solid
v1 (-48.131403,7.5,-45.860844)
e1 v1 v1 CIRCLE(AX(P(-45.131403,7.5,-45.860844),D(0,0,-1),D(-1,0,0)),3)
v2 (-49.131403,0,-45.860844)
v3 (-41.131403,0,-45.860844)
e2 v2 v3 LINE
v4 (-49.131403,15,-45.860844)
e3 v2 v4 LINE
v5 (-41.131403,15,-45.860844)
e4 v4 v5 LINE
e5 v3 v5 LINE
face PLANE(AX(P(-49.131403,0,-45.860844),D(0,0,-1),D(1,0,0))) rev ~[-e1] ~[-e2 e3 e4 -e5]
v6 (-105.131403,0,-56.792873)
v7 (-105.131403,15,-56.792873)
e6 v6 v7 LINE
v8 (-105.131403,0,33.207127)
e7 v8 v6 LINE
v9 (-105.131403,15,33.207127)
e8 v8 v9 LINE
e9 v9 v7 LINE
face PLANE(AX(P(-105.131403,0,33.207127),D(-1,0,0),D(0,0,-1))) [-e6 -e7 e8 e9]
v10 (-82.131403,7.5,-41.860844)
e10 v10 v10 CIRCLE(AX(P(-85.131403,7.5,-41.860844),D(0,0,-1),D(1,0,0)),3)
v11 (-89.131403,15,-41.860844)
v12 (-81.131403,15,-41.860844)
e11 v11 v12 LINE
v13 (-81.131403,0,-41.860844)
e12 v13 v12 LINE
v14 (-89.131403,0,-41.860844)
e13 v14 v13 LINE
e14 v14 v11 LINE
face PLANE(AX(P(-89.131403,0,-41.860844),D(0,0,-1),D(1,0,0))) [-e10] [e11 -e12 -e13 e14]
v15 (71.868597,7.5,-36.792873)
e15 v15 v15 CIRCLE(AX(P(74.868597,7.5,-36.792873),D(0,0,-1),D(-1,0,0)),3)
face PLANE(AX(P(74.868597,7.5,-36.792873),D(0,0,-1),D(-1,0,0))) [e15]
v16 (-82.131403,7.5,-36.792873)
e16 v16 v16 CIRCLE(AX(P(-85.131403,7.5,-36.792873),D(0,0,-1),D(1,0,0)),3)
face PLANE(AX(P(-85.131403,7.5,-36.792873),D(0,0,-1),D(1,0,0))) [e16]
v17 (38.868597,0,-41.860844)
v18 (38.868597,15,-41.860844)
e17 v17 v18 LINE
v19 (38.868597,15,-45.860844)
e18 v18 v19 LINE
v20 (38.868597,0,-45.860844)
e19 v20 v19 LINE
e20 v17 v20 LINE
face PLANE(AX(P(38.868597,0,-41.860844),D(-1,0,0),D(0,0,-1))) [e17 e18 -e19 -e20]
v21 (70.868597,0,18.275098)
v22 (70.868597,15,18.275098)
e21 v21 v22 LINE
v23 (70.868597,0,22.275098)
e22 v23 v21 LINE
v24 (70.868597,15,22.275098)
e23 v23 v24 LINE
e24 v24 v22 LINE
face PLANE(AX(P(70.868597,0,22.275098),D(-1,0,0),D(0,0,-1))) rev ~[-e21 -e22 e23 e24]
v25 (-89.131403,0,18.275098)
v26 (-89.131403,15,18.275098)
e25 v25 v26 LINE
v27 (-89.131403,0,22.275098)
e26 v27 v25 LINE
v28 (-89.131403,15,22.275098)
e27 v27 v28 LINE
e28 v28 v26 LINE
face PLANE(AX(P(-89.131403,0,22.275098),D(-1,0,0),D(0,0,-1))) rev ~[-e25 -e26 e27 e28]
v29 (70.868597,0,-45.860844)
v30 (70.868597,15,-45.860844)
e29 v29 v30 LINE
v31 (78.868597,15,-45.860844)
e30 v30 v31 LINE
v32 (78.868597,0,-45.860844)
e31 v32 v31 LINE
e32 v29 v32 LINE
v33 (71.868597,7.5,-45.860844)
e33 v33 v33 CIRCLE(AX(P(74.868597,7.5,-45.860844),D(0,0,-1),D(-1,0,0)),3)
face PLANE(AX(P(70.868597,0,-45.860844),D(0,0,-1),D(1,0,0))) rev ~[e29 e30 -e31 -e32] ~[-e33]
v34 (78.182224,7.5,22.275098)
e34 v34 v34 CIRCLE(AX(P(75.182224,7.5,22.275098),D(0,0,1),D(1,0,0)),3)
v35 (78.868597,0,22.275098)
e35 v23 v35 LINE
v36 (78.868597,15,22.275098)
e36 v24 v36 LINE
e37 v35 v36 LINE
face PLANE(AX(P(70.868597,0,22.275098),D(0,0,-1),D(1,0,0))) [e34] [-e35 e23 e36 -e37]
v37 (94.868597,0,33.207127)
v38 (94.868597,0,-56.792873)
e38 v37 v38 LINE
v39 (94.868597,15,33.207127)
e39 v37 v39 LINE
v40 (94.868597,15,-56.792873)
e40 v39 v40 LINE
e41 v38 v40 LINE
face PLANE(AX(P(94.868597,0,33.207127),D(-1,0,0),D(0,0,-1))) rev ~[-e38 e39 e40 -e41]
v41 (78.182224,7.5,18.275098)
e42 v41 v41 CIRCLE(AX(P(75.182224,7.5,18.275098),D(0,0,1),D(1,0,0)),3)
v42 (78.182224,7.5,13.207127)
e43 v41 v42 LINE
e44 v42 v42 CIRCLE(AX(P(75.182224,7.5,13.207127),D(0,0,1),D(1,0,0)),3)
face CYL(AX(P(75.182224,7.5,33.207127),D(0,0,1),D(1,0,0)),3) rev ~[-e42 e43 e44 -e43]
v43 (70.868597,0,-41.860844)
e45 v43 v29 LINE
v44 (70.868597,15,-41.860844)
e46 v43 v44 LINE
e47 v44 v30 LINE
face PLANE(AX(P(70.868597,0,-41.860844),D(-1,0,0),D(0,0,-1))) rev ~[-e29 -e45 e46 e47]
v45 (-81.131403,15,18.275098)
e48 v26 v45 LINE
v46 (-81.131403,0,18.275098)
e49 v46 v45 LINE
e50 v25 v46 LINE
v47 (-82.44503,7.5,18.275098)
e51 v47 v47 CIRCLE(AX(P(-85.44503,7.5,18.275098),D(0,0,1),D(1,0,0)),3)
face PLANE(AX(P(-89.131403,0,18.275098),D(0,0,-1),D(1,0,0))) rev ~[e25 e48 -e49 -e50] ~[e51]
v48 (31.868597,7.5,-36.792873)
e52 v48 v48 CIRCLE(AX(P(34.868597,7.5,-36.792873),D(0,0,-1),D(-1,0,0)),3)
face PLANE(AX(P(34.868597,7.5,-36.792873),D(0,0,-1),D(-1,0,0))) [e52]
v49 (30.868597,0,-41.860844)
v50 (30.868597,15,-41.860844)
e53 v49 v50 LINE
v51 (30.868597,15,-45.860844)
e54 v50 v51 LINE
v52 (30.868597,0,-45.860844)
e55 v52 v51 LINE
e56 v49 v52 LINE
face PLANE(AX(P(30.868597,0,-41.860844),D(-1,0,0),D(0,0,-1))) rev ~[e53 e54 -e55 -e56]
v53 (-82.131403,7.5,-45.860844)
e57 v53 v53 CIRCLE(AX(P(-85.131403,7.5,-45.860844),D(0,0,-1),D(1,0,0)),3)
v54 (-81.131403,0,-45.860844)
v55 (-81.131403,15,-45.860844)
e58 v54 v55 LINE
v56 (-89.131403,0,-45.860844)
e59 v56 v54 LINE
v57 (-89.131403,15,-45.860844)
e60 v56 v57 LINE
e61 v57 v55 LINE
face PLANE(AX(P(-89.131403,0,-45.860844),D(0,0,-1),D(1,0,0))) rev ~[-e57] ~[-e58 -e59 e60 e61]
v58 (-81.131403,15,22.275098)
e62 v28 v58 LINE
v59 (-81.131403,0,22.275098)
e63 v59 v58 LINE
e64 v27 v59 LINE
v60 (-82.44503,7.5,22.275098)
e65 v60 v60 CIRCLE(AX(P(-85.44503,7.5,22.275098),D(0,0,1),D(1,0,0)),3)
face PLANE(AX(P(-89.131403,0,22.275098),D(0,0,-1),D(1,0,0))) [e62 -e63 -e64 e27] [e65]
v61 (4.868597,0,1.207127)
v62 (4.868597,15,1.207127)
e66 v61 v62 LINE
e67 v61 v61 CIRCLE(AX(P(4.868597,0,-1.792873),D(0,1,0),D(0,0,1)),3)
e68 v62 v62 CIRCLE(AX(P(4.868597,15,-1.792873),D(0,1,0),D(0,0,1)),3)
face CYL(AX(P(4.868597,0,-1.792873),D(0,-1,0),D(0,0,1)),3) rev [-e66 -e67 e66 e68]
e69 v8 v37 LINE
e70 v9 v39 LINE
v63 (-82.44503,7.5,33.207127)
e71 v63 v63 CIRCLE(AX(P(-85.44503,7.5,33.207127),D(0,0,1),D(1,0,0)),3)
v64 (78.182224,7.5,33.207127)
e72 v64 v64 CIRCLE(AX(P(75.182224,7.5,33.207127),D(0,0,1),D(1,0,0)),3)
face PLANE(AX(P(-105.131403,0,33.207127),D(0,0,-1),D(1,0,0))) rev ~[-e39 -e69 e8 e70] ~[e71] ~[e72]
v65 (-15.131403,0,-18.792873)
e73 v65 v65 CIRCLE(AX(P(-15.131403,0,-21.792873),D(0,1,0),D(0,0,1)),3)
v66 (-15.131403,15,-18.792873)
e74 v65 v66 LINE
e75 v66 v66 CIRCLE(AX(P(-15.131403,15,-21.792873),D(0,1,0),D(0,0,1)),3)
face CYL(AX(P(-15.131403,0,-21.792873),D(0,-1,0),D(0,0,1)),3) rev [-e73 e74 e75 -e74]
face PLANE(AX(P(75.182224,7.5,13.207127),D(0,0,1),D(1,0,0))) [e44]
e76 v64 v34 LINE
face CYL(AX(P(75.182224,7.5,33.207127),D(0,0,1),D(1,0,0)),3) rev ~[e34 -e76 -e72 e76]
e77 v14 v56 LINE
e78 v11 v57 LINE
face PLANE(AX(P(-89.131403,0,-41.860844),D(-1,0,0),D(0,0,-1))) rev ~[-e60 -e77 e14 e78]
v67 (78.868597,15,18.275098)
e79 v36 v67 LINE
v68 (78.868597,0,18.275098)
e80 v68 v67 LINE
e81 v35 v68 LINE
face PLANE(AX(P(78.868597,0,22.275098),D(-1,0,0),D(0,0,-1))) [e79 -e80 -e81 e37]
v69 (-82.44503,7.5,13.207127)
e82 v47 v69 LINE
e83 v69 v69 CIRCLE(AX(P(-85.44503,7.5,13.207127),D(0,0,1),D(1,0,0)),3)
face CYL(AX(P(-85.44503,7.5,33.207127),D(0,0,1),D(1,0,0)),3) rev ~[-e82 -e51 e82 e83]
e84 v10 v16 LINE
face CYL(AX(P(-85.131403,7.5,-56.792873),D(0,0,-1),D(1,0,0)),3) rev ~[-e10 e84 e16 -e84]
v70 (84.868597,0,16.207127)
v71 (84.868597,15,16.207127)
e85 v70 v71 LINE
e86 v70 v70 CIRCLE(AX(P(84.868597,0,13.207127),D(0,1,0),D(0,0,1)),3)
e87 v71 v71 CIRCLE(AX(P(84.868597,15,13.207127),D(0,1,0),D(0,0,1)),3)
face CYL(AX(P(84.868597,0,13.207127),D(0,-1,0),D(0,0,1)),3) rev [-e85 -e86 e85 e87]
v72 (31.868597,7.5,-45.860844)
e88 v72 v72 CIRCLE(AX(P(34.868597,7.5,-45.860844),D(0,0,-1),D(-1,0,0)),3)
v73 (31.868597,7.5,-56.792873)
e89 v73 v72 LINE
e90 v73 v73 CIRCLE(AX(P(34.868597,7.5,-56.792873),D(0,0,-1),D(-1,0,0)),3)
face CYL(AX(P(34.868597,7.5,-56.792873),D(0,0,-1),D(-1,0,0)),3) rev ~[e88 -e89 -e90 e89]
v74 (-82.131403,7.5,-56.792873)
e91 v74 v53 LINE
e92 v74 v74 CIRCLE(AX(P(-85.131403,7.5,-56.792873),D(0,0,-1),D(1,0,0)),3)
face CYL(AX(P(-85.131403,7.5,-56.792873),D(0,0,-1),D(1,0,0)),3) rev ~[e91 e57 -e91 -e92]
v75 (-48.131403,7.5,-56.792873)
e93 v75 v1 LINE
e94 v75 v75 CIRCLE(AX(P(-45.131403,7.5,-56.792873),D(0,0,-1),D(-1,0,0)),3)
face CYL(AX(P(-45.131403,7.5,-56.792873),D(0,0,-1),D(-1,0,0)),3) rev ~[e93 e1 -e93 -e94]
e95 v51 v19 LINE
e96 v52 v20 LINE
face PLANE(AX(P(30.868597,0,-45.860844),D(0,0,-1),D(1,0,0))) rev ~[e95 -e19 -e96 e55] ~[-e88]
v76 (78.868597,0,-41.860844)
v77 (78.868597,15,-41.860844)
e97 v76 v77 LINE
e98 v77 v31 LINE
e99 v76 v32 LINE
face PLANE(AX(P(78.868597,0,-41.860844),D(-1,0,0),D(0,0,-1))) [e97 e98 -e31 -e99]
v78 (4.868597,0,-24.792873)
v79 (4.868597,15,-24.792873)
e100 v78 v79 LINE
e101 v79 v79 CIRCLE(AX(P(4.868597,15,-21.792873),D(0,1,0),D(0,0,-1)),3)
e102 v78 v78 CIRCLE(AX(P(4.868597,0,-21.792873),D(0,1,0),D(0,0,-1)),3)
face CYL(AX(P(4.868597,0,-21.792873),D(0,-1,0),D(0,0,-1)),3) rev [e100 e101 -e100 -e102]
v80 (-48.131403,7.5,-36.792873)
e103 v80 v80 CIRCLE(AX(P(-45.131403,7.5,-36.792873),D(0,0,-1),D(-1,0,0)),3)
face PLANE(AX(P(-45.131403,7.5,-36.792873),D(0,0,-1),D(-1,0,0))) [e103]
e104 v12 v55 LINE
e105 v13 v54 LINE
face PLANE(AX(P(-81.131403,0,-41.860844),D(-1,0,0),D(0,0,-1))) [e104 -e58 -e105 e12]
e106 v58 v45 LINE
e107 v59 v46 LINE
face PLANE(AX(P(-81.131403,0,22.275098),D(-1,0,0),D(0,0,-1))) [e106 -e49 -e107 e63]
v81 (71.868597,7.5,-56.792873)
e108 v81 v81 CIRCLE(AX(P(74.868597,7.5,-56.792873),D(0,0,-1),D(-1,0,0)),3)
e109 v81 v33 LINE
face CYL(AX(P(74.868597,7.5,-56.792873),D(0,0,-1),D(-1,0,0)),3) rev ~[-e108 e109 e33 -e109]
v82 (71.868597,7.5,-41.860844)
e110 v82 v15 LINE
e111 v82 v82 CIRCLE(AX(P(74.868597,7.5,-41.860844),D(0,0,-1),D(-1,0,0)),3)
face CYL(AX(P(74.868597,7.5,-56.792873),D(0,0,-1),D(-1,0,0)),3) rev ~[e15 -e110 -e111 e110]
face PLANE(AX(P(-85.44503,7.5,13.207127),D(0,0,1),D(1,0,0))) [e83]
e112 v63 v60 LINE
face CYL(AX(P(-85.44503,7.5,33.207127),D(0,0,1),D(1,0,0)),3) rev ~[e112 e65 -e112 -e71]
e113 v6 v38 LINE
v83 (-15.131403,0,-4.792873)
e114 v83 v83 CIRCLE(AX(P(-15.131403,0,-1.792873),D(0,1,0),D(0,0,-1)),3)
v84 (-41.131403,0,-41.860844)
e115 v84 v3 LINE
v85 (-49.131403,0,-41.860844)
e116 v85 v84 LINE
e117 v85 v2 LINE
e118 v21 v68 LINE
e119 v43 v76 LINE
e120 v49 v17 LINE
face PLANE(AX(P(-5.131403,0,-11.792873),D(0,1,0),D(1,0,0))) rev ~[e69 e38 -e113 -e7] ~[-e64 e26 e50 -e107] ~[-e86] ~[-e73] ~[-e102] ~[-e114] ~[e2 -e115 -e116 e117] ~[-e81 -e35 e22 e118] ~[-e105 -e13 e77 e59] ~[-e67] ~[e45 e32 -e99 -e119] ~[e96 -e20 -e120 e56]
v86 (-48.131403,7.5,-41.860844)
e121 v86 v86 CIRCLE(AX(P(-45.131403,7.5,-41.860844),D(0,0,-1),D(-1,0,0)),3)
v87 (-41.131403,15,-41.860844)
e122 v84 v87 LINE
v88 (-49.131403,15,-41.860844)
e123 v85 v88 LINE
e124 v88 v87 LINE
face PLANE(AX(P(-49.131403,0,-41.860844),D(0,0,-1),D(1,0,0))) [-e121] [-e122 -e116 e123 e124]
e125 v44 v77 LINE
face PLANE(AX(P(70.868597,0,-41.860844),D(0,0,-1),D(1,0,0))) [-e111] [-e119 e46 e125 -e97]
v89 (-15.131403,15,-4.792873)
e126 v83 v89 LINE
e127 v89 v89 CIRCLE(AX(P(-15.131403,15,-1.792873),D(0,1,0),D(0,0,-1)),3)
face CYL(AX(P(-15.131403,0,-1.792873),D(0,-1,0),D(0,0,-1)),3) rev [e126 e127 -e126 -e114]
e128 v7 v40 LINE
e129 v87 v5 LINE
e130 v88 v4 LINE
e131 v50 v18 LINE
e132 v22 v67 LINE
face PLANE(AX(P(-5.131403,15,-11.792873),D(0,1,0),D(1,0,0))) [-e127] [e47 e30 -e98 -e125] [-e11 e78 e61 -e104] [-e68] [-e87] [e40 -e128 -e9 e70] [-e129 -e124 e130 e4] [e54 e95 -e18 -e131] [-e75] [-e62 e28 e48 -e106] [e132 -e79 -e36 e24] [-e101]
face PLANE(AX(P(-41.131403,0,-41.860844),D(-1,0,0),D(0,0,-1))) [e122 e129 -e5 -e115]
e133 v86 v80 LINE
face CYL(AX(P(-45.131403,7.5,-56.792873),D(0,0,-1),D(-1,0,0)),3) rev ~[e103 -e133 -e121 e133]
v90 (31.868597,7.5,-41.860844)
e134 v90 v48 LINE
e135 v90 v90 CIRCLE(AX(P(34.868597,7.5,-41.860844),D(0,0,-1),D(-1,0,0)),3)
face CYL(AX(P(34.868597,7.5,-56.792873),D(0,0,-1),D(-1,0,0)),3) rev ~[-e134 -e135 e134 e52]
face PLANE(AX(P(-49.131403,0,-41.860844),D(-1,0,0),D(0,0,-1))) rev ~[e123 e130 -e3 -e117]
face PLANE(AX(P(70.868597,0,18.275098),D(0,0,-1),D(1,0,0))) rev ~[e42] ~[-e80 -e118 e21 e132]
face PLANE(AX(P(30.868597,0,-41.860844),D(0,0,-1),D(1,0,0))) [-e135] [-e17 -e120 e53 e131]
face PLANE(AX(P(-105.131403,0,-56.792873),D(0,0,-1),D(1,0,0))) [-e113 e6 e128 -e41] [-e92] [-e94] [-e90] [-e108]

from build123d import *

# Parameters (mm, degrees)
SKETCH1_W           = 200
SKETCH1_H           = 90
SKETCH1_R           = 3
SKETCH1_W_2         = 8
SKETCH1_H_2         = 4
BOSS_EXTRUDE1_DEPTH = 15
SKETCH2_R           = 3
CUT_EXTRUDE1_DEPTH  = 20
SKETCH3_R           = 3
CUT_EXTRUDE2_DEPTH  = 20


with BuildPart() as part:
    # Sketch1 → Boss-Extrude1 (new body)
    with BuildSketch(Plane(origin=(0, 0, 0), x_dir=(1, 0, 0), z_dir=(0, 1, 0))):
        with Locations((-5.131403118, 11.792873051)):
            Rectangle(SKETCH1_W, SKETCH1_H)
        with Locations(Location((-15.131403118, 21.792873051, 0), (0, 0, 270))):
            Circle(SKETCH1_R, mode=Mode.SUBTRACT)
        with Locations(Location((-15.131403118, 1.792873051, 0), (0, 0, 90))):
            Circle(SKETCH1_R, mode=Mode.SUBTRACT)
        with Locations(Location((4.868596882, 21.792873051, 0), (0, 0, 90))):
            Circle(SKETCH1_R, mode=Mode.SUBTRACT)
        with Locations(Location((4.868596882, 1.792873051, 0), (0, 0, 270))):
            Circle(SKETCH1_R, mode=Mode.SUBTRACT)
        with Locations(Location((84.868596882, -13.207126949, 0), (0, 0, 270))):
            Circle(SKETCH1_R, mode=Mode.SUBTRACT)
        with Locations((-85.131403118, 43.860843617)):
            Rectangle(SKETCH1_W_2, SKETCH1_H_2, mode=Mode.SUBTRACT)
        with Locations((-45.131403118, 43.860843617)):
            Rectangle(SKETCH1_W_2, SKETCH1_H_2, mode=Mode.SUBTRACT)
        with Locations((34.868596882, 43.860843617)):
            Rectangle(SKETCH1_W_2, SKETCH1_H_2, mode=Mode.SUBTRACT)
        with Locations((74.868596882, 43.860843617)):
            Rectangle(SKETCH1_W_2, SKETCH1_H_2, mode=Mode.SUBTRACT)
        with Locations((74.868596882, -20.275097514)):
            Rectangle(SKETCH1_W_2, SKETCH1_H_2, mode=Mode.SUBTRACT)
        with Locations((-85.131403118, -20.275097514)):
            Rectangle(SKETCH1_W_2, SKETCH1_H_2, mode=Mode.SUBTRACT)
    extrude(amount=BOSS_EXTRUDE1_DEPTH)

    # Sketch2 → Cut-Extrude1 (cut)
    with BuildSketch(Plane(origin=(0, 0, -56.792873051), x_dir=(-1, 0, 0), z_dir=(0, 0, -1))):
        with Locations((-74.868596882, 7.5)):
            Circle(SKETCH2_R)
        with Locations((-34.868596882, 7.5)):
            Circle(SKETCH2_R)
        with Locations((45.131403118, 7.5)):
            Circle(SKETCH2_R)
        with Locations(Location((85.131403118, 7.5, 0), (0, 0, 180))):
            Circle(SKETCH2_R)
    extrude(amount=-CUT_EXTRUDE1_DEPTH, mode=Mode.SUBTRACT)

    # Sketch3 → Cut-Extrude2 (cut)
    with BuildSketch(Plane.XY.offset(33.207126949)):
        with Locations((-85.445029849, 7.5)):
            Circle(SKETCH3_R)
        with Locations((75.182223613, 7.5)):
            Circle(SKETCH3_R)
    extrude(amount=-CUT_EXTRUDE2_DEPTH, mode=Mode.SUBTRACT)


solid = part.part
